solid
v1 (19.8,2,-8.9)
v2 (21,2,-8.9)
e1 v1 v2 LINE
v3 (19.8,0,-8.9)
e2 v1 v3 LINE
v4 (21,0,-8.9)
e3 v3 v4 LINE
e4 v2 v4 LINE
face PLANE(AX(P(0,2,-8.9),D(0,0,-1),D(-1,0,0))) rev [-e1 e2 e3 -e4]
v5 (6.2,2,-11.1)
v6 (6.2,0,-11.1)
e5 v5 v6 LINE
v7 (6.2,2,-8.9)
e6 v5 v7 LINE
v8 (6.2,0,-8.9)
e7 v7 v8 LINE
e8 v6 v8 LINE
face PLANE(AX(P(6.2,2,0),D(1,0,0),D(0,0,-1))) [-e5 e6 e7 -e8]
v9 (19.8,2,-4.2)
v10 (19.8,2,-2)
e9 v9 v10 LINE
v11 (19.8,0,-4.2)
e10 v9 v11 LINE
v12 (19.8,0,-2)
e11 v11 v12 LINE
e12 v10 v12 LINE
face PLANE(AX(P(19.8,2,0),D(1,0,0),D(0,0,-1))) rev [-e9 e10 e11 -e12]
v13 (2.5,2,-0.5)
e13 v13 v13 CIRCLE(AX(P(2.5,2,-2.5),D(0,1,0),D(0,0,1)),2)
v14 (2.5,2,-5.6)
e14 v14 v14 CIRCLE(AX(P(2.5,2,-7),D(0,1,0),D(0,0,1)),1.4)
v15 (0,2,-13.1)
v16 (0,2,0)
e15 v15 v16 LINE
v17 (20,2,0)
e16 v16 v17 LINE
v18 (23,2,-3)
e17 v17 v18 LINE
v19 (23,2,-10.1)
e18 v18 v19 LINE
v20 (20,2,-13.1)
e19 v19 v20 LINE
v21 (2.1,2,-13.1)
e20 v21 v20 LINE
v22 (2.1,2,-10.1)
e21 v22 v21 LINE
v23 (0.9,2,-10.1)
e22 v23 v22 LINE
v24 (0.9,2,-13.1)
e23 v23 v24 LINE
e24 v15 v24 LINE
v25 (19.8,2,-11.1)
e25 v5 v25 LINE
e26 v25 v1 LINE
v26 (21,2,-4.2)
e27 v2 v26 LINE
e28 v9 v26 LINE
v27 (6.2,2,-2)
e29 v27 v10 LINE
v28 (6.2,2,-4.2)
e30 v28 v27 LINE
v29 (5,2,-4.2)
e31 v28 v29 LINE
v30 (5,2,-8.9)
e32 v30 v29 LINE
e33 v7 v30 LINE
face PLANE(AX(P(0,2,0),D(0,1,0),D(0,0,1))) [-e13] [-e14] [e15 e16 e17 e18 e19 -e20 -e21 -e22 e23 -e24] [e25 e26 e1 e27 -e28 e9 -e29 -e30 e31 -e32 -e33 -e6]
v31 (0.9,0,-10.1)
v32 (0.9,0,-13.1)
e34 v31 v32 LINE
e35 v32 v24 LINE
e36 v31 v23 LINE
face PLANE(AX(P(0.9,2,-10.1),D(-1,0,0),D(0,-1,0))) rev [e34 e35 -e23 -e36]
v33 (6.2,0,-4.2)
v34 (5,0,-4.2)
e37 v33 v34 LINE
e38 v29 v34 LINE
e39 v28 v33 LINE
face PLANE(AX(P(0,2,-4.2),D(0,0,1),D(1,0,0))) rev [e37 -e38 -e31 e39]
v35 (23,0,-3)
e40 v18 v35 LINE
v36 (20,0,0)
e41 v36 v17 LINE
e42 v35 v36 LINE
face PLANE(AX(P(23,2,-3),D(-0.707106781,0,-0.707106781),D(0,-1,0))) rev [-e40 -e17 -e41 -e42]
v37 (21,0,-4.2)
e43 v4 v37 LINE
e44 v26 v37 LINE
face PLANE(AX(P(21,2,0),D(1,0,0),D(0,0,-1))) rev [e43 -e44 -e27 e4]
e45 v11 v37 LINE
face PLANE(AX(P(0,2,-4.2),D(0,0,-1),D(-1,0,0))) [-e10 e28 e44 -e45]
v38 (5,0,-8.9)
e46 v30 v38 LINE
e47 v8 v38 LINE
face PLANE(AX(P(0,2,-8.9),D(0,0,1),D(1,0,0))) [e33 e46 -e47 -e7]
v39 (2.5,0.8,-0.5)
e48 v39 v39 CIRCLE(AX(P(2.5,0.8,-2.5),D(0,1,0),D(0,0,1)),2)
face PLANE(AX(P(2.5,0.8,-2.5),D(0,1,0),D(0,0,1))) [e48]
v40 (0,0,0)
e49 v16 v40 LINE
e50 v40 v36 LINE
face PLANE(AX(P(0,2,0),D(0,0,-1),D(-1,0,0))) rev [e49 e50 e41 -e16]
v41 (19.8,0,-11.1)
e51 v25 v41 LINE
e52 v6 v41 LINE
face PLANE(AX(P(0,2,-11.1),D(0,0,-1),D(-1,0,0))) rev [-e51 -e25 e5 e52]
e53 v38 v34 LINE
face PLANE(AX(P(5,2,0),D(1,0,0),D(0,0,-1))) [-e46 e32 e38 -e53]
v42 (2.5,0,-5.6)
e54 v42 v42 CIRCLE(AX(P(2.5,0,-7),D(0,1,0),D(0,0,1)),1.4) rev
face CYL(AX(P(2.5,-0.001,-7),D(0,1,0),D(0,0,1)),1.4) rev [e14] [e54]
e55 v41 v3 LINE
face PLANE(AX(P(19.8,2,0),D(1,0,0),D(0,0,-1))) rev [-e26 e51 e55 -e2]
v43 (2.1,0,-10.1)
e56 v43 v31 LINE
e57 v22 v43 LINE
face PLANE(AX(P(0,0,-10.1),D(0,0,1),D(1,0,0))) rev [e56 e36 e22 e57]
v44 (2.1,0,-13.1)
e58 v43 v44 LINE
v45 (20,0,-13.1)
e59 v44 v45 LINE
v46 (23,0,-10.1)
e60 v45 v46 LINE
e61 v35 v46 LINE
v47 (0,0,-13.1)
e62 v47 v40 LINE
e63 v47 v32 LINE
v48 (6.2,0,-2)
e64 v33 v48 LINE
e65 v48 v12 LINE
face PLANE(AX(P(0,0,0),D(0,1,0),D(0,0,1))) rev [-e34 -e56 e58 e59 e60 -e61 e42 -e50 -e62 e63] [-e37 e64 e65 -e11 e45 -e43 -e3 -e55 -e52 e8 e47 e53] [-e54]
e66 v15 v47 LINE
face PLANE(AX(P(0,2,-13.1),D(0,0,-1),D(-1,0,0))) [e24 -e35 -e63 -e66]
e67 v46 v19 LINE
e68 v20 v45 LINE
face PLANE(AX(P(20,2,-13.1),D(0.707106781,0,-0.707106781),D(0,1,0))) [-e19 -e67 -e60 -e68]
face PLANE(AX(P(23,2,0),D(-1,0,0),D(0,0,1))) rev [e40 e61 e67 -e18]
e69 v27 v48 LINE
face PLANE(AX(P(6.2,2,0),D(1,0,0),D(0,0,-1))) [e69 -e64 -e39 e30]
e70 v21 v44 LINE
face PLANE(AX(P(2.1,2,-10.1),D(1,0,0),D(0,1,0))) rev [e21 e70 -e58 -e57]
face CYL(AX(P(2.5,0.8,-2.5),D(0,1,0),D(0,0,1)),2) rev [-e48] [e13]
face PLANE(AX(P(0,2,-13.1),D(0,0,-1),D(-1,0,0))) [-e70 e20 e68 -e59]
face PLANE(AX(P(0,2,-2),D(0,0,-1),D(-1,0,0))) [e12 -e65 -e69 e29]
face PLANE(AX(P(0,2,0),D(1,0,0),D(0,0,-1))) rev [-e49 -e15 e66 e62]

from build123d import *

# Parameters (mm, degrees)
ESQUISSE1_W             = 23
ESQUISSE1_H             = 13.1
BOSS_EXTRU_1_DEPTH      = 2
ENL_V_MAT_EXTRU_4_REACH = 4
ESQUISSE2_R             = 1.4
CHANFREIN1_SIZE         = 3
ESQUISSE3_W             = 1.2
ESQUISSE3_H             = 2
ENL_V_MAT_EXTRU_5_DEPTH = 3
ESQUISSE4_R             = 2
ENL_V_MAT_EXTRU_6_DEPTH = 1.2


with BuildPart() as part:
    # Esquisse1 → Boss.-Extru.1 (new body)
    with BuildSketch(Plane(origin=(0, 0, 0), x_dir=(1, 0, 0), z_dir=(0, 1, 0))):
        with Locations((11.5, 6.55)):
            Rectangle(ESQUISSE1_W, ESQUISSE1_H)
        Polygon((6.2, 8.9), (6.2, 11.1), (19.8, 11.1), (19.8, 8.9), (21, 8.9), (21, 4.2), (19.8, 4.2), (19.8, 2), (6.2, 2), (6.2, 4.2), (5, 4.2), (5, 8.9), align=None, mode=Mode.SUBTRACT)
    extrude(amount=BOSS_EXTRU_1_DEPTH)

    # Esquisse2 → Enlèv. mat.-Extru.4 (cut, up to next)
    with BuildSketch(Plane(origin=(0, 2, 0), x_dir=(1, 0, 0), z_dir=(0, 1, 0)), mode=Mode.PRIVATE) as enl_v_mat_extru_4_sk1:
        with Locations((2.5, 7)):
            Circle(ESQUISSE2_R)
    enl_v_mat_extru_4_tool1 = extrude(enl_v_mat_extru_4_sk1.sketch, amount=-ENL_V_MAT_EXTRU_4_REACH, mode=Mode.PRIVATE) & part.part
    add(enl_v_mat_extru_4_tool1.solids().sort_by_distance((2.5, 2, -7))[0], mode=Mode.SUBTRACT)

    # Chanfrein1
    chanfrein1_edges = [part.edges().sort_by_distance(p)[0] for p in [
        (23, 1, -13.1),
        (23, 1, 0),
    ]]
    chamfer(chanfrein1_edges, length=CHANFREIN1_SIZE)

    # Esquisse3 → Enlèv. mat.-Extru.5 (cut)
    with BuildSketch(Plane(origin=(0, 0, -13.1), x_dir=(-1, 0, 0), z_dir=(0, 0, -1))):
        with Locations((-1.5, 1)):
            Rectangle(ESQUISSE3_W, ESQUISSE3_H)
    extrude(amount=-ENL_V_MAT_EXTRU_5_DEPTH, mode=Mode.SUBTRACT)

    # Esquisse4 → Enlèv. mat.-Extru.6 (cut)
    with BuildSketch(Plane(origin=(0, 2, 0), x_dir=(1, 0, 0), z_dir=(0, 1, 0))):
        with Locations((2.5, 2.5)):
            Circle(ESQUISSE4_R)
    extrude(amount=-ENL_V_MAT_EXTRU_6_DEPTH, mode=Mode.SUBTRACT)


solid = part.part
